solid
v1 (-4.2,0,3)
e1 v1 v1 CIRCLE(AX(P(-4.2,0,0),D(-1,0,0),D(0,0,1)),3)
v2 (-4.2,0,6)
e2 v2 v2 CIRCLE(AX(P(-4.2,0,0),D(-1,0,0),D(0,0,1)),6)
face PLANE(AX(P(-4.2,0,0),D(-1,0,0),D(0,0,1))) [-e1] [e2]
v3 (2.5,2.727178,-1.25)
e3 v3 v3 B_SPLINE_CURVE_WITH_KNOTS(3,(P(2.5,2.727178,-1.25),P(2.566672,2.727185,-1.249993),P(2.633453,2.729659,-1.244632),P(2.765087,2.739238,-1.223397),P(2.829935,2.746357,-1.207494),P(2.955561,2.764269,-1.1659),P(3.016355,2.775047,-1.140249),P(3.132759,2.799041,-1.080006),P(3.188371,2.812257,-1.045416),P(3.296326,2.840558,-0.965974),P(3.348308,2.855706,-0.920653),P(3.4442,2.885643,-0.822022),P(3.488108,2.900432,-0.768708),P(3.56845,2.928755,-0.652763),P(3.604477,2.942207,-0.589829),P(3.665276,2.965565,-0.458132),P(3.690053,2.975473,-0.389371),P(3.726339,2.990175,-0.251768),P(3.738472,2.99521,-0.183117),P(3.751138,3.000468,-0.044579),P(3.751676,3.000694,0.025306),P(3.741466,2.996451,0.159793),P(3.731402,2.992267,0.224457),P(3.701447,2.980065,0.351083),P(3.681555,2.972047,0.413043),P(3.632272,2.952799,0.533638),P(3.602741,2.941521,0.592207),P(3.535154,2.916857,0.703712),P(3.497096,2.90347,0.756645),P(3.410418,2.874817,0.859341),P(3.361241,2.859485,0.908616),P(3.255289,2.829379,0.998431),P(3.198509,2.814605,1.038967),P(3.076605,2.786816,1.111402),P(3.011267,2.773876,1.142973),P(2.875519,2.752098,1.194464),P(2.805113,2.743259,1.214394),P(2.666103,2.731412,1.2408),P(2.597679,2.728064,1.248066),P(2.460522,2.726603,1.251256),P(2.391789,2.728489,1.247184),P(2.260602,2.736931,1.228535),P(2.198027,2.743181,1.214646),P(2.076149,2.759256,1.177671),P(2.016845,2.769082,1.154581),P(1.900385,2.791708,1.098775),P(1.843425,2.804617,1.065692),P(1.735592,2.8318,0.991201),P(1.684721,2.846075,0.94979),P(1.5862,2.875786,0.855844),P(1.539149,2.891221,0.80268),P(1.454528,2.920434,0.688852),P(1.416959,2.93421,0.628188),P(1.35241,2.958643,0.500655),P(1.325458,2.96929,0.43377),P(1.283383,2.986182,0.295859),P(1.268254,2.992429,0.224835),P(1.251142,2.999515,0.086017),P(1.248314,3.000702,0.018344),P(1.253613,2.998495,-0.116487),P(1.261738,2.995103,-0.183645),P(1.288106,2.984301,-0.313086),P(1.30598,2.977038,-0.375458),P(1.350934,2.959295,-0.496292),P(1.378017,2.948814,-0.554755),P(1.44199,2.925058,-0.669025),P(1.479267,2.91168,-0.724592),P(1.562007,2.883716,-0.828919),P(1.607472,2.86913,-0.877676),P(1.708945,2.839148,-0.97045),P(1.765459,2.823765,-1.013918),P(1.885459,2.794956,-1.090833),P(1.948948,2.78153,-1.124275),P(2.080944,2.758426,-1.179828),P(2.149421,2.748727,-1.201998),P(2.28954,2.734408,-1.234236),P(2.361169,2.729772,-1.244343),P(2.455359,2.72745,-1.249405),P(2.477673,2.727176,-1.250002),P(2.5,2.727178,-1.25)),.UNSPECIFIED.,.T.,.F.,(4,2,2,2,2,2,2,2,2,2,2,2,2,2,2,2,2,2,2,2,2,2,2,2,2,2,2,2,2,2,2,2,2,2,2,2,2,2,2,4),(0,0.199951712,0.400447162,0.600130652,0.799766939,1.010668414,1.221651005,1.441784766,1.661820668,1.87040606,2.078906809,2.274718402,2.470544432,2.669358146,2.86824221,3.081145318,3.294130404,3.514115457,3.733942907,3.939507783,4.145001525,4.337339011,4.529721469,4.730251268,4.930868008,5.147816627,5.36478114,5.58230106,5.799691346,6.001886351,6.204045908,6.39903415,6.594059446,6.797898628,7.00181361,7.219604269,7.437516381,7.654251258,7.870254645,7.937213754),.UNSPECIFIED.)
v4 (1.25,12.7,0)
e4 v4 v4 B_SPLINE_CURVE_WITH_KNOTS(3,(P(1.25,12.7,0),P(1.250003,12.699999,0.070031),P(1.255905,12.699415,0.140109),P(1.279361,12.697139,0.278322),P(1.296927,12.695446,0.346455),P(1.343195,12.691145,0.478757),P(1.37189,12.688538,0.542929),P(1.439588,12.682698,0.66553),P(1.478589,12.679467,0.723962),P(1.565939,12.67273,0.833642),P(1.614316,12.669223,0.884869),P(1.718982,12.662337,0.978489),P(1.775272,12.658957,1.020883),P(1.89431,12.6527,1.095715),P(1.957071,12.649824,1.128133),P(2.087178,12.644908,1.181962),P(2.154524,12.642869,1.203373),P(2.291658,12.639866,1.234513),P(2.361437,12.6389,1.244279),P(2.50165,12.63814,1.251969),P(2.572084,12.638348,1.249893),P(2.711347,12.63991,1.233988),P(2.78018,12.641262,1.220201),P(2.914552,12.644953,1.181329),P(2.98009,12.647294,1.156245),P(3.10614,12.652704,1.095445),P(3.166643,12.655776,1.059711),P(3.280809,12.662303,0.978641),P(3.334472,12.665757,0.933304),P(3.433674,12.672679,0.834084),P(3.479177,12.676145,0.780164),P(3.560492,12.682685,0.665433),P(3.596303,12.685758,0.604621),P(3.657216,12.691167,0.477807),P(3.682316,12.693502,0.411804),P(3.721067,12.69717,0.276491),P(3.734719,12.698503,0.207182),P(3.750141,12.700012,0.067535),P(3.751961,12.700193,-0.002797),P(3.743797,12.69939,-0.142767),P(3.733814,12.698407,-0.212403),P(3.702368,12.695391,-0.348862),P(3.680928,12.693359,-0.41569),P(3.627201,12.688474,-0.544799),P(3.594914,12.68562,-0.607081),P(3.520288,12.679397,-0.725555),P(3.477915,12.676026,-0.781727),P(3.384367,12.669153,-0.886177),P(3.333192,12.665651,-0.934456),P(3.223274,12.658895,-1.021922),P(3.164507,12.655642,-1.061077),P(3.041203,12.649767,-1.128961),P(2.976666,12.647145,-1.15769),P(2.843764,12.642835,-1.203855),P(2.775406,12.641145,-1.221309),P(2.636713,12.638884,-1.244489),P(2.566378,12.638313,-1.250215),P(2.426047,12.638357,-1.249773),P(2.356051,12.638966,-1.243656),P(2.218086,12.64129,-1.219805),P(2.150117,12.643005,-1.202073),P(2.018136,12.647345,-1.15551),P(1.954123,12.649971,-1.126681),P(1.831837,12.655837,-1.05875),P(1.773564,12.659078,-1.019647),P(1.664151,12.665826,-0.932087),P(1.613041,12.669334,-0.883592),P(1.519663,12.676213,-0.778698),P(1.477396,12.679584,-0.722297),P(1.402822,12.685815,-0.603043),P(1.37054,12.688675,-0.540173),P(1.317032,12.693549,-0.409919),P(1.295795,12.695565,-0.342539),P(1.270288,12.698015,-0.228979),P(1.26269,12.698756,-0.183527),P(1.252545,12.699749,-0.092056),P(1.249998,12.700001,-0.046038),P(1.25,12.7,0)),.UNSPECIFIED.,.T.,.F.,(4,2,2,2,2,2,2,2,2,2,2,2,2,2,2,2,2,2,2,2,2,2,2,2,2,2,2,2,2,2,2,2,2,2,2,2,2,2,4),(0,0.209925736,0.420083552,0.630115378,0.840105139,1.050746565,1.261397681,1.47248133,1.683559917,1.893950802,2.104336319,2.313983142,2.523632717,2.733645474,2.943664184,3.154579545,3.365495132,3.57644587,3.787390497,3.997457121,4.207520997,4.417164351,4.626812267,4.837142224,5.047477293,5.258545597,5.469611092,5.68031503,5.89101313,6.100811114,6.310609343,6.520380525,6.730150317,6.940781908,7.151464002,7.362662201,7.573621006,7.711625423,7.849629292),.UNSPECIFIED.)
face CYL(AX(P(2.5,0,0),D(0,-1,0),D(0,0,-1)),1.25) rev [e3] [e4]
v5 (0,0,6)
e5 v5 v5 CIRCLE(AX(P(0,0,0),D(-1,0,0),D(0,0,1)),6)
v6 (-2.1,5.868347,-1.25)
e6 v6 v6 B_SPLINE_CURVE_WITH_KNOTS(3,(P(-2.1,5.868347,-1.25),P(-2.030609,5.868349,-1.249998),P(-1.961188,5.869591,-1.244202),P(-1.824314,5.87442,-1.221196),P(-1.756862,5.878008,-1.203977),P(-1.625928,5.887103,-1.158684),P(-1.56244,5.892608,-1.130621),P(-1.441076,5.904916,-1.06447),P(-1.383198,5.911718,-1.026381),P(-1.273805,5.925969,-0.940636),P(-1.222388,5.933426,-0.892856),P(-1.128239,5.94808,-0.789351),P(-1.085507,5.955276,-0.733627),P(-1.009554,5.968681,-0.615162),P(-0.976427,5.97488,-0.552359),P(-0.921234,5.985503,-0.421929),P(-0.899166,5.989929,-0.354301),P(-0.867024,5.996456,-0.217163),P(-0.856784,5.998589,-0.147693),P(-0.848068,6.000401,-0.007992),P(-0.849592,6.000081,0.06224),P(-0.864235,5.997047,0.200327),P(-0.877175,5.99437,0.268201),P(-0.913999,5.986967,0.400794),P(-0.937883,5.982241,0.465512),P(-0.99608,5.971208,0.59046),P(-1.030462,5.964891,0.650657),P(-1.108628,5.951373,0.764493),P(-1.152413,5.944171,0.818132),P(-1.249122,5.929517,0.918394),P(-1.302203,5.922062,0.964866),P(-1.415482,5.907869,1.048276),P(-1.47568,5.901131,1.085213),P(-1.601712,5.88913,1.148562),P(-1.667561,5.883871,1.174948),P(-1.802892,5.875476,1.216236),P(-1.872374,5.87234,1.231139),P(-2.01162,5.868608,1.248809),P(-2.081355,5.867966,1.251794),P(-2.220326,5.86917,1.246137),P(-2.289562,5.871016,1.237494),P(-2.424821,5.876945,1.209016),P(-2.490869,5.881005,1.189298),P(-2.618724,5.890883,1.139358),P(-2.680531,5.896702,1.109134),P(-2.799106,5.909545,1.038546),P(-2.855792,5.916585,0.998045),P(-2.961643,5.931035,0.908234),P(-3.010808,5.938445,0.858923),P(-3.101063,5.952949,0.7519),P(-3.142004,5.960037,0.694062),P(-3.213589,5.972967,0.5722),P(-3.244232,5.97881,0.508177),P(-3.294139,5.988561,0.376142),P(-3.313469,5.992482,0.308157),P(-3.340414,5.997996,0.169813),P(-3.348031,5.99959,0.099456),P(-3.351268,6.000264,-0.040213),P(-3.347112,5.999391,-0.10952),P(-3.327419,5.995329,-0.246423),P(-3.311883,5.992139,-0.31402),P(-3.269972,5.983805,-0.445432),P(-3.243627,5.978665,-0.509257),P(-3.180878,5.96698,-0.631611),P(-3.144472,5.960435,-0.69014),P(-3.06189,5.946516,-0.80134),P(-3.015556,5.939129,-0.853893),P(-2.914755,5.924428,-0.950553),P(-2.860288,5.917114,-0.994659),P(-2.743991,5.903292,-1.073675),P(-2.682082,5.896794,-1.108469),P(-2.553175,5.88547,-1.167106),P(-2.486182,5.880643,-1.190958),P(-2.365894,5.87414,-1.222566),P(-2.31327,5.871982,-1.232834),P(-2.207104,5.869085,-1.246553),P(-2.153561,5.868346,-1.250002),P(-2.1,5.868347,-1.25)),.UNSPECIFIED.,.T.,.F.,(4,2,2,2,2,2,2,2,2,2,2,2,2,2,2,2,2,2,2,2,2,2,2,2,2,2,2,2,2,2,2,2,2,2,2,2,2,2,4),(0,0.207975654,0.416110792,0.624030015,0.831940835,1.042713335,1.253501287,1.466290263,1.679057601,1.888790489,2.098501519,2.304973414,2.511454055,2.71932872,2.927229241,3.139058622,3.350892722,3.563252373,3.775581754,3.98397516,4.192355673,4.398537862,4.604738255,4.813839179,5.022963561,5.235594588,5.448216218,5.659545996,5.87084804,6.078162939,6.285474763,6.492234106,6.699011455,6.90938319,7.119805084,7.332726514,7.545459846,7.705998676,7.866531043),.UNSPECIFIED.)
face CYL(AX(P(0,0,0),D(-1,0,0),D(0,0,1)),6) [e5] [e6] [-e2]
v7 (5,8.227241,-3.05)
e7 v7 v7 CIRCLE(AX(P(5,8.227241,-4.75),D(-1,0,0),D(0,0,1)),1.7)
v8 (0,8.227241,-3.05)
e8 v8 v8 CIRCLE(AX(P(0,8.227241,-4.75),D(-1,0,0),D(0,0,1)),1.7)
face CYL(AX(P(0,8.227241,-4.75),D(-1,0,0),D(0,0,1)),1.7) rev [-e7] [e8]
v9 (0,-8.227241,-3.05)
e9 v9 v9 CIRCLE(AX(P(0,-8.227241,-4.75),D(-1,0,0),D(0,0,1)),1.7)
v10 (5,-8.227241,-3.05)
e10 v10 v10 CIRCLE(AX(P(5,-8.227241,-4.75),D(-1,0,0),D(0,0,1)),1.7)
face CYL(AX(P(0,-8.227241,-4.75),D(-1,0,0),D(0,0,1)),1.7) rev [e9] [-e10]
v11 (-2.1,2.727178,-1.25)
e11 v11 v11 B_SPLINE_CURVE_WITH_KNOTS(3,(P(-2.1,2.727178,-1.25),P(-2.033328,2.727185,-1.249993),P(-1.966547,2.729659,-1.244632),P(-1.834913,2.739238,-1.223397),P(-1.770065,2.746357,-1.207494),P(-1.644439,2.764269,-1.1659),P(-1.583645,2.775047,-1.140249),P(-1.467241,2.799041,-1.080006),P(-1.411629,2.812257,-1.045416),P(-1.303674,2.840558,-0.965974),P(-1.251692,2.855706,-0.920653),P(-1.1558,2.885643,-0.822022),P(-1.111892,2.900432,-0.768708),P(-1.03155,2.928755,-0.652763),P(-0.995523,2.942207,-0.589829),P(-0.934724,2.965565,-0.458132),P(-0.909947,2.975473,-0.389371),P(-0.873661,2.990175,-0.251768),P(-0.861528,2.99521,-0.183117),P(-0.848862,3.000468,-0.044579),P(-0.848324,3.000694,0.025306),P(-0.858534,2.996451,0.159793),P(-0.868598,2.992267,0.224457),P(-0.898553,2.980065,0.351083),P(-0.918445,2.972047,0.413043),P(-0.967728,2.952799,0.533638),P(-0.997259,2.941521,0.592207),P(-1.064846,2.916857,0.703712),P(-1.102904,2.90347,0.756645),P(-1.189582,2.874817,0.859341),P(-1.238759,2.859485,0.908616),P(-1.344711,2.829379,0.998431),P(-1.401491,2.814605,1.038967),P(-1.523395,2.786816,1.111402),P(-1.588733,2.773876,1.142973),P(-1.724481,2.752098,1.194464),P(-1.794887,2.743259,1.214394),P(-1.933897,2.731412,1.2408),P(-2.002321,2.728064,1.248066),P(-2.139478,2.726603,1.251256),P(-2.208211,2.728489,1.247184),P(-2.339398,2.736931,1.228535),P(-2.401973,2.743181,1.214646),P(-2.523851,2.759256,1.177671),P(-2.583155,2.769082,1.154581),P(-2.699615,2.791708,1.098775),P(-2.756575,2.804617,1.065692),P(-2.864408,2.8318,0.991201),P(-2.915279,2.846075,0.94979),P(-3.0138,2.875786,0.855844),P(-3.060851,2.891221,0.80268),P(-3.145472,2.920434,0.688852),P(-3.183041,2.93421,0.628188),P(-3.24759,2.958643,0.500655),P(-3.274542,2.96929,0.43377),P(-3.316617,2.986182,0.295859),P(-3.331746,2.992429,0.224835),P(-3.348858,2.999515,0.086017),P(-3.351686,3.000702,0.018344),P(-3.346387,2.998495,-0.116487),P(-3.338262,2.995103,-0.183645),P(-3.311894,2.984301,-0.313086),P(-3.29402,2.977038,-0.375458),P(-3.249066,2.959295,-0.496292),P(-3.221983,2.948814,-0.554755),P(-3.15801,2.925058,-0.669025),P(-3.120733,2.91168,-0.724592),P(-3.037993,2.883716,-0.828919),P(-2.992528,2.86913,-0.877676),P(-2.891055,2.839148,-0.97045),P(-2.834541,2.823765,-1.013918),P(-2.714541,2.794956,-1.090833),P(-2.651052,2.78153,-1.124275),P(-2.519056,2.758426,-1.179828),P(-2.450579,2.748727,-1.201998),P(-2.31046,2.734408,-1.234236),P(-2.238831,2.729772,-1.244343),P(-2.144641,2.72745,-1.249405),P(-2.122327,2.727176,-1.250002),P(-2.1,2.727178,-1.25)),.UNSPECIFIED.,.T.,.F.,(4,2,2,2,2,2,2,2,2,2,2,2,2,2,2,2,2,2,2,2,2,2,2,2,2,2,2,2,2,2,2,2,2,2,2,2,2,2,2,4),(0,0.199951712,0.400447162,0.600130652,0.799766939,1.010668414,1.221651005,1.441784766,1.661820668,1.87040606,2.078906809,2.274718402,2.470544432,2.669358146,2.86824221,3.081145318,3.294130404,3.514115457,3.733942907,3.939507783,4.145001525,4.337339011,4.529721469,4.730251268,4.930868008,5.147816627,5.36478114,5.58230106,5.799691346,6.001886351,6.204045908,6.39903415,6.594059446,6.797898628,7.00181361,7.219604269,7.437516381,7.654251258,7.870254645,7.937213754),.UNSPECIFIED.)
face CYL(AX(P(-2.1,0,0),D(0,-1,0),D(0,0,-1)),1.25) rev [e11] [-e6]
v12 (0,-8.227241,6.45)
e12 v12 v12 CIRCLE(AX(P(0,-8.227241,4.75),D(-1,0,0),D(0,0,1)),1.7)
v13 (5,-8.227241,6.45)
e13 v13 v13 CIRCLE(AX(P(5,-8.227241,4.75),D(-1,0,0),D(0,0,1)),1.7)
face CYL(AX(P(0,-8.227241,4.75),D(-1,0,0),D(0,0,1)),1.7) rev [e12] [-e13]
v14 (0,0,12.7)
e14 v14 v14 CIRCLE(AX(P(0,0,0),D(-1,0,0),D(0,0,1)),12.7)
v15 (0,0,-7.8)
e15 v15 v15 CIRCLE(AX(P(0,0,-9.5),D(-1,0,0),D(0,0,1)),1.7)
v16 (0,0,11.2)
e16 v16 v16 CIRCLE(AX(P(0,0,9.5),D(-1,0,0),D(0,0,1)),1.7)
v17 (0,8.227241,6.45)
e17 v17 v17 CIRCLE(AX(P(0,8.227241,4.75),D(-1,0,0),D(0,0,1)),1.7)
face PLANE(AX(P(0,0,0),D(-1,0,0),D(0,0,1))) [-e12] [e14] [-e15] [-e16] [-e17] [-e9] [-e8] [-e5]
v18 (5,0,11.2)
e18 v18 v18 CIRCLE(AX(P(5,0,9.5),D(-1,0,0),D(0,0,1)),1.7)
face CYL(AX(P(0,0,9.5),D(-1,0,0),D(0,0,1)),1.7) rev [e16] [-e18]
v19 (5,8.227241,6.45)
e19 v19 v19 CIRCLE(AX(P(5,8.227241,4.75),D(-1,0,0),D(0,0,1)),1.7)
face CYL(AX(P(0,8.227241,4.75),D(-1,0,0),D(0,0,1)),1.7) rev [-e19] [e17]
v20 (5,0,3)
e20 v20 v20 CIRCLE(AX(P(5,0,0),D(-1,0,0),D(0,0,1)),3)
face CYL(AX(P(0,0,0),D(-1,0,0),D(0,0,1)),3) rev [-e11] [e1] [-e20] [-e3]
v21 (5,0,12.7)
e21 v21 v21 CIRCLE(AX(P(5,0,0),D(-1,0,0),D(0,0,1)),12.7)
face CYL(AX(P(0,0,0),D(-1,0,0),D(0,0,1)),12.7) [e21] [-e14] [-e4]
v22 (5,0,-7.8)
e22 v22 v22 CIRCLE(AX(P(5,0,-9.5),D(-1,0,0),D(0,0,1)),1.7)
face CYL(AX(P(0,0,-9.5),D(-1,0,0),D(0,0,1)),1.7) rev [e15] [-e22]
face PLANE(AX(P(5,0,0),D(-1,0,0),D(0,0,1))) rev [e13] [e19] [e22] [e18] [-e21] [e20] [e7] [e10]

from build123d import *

# Parameters (mm, degrees)
ESQUISSE1_W                                  = 4.2
ESQUISSE1_H                                  = 3
ESQUISSE1_W_2                                = 5
ESQUISSE1_H_2                                = 9.7
D_GAGEMENT_M31_D                             = 3.4
ESQUISSE4_W                                  = 1.25
ESQUISSE4_H                                  = 12.7
TROU_POUR_TARAUDAGE_POUR_TROU_TARAUD_2_COUNT = 2
TROU_POUR_TARAUDAGE_POUR_TROU_TARAUD_2_PITCH = 4.6


with BuildPart() as part:
    # Esquisse1 → Révolution1 (revolve)
    with BuildSketch(Plane.XY, mode=Mode.PRIVATE) as r_volution1_sk:
        with Locations((-2.1, 4.5)):
            Rectangle(ESQUISSE1_W, ESQUISSE1_H)
        with Locations((2.5, 7.85)):
            Rectangle(ESQUISSE1_W_2, ESQUISSE1_H_2)
    revolve(r_volution1_sk.sketch.rotate(Axis((0, 0, 0), (1, 0, 0)), 90), axis=Axis((0, 0, 0), (1, 0, 0)))

    # Dégagement M31 (through all)
    with Locations(Plane.ZY):
        with Locations((4.75, 8.227241336), (-4.75, 8.227241336), (-9.5, 0), (-4.75, -8.227241336), (4.75, -8.227241336), (9.5, 0)):
            Hole(D_GAGEMENT_M31_D / 2)

    # Esquisse4 → Trou pour taraudage pour trou taraudé M3x0.51 (revolve, cut)
    with BuildSketch(Plane(origin=(2.5, 0, 0), x_dir=(0, 0, -1), z_dir=(1, 0, 0))):
        with Locations((0.625, 6.35)):
            Rectangle(ESQUISSE4_W, ESQUISSE4_H)
    trou_pour_taraudage_pour_trou_taraud_m3 = revolve(axis=Axis((2.5, -6.35, 0), (0, 1, 0)), mode=Mode.SUBTRACT)

    # Trou pour taraudage pour trou taraud 2: Trou pour taraudage pour trou taraudé M3x0.51 ×2
    with Locations(*[(-i * TROU_POUR_TARAUDAGE_POUR_TROU_TARAUD_2_PITCH, 0, 0) for i in range(1, TROU_POUR_TARAUDAGE_POUR_TROU_TARAUD_2_COUNT)]):
        add(trou_pour_taraudage_pour_trou_taraud_m3, mode=Mode.SUBTRACT)


solid = part.part
